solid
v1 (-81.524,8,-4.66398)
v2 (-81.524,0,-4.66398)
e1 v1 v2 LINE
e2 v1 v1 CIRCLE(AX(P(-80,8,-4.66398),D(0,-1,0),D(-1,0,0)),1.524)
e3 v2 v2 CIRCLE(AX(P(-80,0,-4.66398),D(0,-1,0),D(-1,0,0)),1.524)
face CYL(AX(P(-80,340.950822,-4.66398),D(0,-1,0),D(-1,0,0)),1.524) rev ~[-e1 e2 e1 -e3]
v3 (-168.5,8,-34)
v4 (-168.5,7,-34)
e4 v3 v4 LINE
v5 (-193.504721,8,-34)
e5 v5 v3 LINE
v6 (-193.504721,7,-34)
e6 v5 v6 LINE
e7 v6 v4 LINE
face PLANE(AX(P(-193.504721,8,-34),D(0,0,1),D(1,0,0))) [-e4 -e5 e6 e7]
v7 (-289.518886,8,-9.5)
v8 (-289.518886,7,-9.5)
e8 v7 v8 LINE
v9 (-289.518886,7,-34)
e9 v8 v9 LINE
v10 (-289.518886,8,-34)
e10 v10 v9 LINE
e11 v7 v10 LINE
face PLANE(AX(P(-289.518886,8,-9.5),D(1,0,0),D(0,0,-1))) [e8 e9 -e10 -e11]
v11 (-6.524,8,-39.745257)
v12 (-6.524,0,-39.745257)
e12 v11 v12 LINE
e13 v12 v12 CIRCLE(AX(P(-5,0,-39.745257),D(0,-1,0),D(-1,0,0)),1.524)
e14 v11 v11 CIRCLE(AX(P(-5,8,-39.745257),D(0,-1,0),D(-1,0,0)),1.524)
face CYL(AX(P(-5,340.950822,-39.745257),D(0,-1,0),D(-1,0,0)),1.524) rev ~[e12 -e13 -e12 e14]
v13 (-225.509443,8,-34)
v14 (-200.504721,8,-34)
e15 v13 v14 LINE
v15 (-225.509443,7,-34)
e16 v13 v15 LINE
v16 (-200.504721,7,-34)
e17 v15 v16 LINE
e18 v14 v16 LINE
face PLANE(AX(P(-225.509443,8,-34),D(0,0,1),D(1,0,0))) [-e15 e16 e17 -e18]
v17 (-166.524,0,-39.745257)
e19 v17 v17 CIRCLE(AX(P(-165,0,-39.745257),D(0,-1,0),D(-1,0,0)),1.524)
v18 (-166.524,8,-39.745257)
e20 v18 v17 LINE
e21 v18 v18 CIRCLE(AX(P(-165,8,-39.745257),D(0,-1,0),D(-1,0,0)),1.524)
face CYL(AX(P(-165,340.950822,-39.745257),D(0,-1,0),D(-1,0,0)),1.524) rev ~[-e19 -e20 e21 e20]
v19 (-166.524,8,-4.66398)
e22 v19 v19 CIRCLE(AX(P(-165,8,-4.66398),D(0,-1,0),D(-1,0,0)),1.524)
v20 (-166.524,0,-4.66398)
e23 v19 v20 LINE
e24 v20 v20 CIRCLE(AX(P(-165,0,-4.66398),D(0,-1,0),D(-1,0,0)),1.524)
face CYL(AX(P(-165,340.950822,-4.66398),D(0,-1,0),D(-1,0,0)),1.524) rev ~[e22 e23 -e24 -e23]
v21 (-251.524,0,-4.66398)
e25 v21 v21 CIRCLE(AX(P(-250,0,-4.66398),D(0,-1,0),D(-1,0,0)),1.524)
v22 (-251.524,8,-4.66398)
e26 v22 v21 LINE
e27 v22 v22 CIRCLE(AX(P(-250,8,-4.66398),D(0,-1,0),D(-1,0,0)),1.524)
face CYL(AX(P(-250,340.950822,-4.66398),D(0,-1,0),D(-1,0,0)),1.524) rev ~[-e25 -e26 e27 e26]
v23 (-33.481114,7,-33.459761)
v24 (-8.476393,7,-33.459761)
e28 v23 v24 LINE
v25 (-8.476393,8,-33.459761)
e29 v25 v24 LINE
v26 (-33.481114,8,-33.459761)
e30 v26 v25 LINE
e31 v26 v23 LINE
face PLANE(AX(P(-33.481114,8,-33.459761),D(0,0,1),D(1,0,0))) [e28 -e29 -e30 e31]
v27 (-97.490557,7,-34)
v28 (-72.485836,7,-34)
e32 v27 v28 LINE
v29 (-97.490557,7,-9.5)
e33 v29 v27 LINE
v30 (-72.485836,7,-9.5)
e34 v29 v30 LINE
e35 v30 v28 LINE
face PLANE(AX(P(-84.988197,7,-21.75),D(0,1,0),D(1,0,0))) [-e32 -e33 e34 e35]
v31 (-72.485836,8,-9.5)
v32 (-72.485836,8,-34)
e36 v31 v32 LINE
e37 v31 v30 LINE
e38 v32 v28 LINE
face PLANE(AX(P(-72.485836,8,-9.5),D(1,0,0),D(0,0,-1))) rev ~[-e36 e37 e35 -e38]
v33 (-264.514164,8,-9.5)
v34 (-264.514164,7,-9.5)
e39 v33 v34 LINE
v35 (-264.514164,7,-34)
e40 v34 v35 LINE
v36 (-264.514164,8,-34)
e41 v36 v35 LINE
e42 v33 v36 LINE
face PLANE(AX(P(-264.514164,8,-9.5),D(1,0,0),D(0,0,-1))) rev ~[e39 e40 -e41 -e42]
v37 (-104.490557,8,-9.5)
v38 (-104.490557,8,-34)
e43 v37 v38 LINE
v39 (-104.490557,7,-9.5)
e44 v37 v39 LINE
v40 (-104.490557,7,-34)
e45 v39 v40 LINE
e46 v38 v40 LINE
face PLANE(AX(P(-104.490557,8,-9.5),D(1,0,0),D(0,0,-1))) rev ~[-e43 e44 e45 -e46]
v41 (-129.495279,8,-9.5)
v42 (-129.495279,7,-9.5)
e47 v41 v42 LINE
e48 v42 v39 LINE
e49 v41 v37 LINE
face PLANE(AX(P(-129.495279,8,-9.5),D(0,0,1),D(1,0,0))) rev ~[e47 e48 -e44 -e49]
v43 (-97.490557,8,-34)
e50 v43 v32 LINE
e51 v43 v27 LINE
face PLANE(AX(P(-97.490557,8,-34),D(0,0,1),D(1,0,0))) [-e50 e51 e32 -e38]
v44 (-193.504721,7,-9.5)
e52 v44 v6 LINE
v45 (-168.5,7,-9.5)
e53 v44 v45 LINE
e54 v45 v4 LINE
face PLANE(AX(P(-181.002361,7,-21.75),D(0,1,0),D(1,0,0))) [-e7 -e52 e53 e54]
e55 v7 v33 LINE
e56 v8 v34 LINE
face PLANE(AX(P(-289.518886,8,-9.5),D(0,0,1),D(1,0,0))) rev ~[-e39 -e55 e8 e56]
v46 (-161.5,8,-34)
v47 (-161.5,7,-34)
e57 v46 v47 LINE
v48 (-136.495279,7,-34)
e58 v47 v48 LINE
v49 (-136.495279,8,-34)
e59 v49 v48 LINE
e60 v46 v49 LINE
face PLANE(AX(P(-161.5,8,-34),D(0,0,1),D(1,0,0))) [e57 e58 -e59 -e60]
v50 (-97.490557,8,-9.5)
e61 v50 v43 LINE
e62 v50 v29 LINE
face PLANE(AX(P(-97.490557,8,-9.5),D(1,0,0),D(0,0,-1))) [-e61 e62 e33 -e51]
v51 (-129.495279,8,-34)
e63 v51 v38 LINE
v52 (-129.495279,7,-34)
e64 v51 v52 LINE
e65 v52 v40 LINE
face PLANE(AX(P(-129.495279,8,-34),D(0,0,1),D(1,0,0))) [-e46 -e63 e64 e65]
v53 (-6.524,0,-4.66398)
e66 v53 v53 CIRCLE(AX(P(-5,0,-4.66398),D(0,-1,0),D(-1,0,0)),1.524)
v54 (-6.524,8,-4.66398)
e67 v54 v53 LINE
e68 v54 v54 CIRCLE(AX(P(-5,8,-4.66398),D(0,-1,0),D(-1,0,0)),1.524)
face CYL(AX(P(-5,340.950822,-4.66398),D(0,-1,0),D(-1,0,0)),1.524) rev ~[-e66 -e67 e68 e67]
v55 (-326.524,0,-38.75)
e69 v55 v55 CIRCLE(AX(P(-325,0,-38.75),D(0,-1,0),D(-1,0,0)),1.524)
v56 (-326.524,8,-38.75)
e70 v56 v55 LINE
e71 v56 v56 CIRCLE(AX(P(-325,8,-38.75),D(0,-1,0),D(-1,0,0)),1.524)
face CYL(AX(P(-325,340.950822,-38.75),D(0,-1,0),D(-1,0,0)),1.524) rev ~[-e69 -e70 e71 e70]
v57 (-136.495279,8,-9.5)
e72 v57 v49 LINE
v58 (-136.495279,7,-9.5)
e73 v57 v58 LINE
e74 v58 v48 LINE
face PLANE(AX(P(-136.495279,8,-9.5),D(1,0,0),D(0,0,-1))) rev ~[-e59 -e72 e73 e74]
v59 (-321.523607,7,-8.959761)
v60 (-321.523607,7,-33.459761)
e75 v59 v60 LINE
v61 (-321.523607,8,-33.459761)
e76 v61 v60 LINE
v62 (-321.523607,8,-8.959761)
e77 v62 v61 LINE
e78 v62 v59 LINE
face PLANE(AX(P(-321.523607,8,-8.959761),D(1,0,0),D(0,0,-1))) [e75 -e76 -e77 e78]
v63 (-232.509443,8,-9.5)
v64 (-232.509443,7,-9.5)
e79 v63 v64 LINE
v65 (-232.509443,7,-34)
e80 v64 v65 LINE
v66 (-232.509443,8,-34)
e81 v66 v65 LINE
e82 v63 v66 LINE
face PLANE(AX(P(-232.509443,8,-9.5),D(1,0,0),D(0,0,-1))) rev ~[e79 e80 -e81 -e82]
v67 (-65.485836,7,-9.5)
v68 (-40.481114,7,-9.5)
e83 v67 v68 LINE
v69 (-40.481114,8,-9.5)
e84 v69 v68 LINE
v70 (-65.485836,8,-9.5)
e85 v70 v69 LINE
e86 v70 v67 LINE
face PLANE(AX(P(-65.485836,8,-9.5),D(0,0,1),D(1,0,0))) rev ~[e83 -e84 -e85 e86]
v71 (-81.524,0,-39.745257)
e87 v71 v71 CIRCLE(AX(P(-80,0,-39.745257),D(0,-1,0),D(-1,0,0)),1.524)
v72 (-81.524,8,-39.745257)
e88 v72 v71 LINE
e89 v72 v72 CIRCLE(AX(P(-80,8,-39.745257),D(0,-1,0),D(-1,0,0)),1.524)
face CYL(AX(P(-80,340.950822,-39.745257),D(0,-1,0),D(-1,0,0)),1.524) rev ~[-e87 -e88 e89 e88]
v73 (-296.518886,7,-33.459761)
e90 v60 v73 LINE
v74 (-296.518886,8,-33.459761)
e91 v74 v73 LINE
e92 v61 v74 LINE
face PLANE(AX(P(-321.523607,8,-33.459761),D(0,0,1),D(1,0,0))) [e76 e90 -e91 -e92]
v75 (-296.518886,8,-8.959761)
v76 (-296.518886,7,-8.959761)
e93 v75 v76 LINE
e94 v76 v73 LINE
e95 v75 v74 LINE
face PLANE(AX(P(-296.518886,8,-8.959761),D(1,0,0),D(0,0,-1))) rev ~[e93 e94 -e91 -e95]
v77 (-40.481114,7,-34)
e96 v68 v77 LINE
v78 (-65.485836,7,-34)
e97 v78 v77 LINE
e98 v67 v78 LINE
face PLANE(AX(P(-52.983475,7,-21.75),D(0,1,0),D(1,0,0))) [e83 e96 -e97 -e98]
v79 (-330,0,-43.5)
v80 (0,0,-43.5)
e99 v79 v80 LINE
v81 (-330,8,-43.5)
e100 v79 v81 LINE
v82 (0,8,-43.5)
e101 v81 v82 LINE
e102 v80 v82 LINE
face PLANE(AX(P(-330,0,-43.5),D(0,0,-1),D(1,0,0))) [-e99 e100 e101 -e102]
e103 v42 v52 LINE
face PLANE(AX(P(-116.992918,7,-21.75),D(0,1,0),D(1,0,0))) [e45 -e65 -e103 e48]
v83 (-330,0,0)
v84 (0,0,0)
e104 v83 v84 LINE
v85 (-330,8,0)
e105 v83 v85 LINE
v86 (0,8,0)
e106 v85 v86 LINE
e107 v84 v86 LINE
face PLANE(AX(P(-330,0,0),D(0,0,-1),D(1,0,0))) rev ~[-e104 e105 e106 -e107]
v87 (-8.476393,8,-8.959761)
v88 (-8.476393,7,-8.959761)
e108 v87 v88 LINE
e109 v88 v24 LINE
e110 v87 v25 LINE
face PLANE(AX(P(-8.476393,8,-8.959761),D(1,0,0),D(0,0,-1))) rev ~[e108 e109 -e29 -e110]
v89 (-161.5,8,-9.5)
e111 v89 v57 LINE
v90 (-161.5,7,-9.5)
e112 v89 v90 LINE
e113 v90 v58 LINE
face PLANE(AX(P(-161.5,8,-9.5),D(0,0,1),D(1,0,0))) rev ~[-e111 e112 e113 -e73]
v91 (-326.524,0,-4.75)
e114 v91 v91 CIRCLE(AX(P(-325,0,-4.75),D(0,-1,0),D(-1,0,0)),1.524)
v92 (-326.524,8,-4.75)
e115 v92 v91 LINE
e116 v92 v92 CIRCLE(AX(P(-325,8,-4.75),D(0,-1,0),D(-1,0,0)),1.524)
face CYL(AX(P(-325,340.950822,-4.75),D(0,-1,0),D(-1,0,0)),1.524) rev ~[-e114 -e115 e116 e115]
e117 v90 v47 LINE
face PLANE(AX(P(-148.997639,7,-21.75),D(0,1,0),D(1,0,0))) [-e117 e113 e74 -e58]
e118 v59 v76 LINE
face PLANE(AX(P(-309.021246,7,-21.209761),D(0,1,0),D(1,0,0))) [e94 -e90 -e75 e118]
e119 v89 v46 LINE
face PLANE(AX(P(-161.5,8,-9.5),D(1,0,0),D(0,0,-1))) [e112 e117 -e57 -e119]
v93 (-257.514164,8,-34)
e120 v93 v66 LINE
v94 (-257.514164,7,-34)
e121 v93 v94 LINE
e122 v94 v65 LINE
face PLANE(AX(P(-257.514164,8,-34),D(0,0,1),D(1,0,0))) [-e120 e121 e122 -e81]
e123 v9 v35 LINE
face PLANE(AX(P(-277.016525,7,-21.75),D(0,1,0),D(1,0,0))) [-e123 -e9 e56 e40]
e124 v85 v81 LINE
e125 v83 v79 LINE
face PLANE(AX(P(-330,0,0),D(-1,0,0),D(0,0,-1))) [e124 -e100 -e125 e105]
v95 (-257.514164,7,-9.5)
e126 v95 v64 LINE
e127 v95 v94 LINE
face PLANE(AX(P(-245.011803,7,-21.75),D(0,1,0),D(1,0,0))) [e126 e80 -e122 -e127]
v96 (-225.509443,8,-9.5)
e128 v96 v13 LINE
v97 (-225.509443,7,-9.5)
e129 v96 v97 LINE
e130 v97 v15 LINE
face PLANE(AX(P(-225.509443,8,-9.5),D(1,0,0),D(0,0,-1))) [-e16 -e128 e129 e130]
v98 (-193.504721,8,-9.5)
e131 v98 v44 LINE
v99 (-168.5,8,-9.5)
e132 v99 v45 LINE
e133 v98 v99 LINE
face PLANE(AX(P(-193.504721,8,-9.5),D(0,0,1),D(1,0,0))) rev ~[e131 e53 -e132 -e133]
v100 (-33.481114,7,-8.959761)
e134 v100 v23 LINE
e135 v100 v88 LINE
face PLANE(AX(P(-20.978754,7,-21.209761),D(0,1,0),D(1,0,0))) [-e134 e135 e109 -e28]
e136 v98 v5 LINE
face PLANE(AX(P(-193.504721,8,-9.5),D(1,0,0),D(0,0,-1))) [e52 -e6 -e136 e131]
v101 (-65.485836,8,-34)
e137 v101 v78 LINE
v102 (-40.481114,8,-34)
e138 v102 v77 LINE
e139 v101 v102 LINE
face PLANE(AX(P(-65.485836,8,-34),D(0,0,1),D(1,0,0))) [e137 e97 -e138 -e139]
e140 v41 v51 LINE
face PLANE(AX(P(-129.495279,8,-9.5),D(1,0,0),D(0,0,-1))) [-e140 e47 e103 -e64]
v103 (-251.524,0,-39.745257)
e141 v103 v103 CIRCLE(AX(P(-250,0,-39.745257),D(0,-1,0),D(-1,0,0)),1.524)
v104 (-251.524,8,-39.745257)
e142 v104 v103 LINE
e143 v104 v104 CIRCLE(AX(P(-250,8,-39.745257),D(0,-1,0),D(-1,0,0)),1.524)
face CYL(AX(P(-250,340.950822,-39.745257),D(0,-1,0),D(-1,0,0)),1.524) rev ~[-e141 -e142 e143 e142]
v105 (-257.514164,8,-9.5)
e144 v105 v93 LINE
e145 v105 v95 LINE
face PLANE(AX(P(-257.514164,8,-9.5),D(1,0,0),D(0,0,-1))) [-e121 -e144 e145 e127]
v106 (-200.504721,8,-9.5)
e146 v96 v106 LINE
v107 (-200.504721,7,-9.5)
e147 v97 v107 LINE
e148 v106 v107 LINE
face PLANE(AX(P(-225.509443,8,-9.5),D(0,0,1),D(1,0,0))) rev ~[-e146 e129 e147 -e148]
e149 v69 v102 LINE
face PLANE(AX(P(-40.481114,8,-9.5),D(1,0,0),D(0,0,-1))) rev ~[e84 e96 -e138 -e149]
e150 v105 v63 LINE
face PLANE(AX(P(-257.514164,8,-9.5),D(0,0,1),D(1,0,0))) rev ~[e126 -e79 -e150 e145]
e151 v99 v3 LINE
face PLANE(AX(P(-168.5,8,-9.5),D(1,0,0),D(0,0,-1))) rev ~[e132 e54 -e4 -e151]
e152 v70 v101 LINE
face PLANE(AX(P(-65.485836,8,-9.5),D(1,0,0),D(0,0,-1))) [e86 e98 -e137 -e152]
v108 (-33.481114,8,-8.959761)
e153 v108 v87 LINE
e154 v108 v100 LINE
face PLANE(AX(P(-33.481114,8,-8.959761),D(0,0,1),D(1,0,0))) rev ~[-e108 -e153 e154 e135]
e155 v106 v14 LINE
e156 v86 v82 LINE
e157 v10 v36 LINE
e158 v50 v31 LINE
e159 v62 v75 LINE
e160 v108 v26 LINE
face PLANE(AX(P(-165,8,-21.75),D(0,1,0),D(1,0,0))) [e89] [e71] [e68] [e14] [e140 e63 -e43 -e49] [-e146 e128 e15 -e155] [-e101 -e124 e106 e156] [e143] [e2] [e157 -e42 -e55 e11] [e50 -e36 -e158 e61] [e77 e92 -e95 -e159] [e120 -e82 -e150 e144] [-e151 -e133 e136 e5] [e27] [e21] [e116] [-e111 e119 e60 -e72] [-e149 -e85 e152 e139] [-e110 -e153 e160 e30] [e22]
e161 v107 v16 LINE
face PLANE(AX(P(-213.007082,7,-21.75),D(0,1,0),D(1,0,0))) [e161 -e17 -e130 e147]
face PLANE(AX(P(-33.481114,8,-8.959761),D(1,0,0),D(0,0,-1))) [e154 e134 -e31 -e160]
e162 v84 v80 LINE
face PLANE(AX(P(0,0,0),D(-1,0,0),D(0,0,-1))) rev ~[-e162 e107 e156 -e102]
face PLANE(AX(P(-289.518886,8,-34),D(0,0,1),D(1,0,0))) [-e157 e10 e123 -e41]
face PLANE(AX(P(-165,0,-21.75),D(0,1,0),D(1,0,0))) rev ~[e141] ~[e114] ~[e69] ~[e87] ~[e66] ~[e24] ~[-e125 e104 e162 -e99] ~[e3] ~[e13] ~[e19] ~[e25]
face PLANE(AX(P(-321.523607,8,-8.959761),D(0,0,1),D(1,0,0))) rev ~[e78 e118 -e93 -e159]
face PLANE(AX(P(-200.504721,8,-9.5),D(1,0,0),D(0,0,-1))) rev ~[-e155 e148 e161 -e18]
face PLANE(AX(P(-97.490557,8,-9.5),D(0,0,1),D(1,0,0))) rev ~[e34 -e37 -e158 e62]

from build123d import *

# Parameters (mm, degrees)
SKETCH1_W                        = 330
SKETCH1_H                        = 43.5
BOSS_EXTRUDE1_DEPTH              = 8
SKETCH6_W                        = 25.004721381
SKETCH6_H                        = 24.5
SKETCH6_W_2                      = 25.004721382
CUT_EXTRUDE1_DEPTH               = 1
TAPPED_HOLE_FOR_4_40_HELICOIL2_D = 3.048


with BuildPart() as part:
    # Sketch1 → Boss-Extrude1 (new body)
    with BuildSketch(Plane(origin=(0, 0, 0), x_dir=(1, 0, 0), z_dir=(0, 1, 0))):
        with Locations((-165, 21.75)):
            Rectangle(SKETCH1_W, SKETCH1_H)
    extrude(amount=BOSS_EXTRUDE1_DEPTH)

    # Sketch6 → Cut-Extrude1 (cut)
    with BuildSketch(Plane(origin=(0, 8, 0), x_dir=(1, 0, 0), z_dir=(0, 1, 0))):
        with Locations((-213.007082072, 21.75)):
            Rectangle(SKETCH6_W, SKETCH6_H)
        with Locations((-181.002360691, 21.75)):
            Rectangle(SKETCH6_W_2, SKETCH6_H)
        with Locations((-245.011803454, 21.75)):
            Rectangle(SKETCH6_W_2, SKETCH6_H)
        with Locations((-277.016524836, 21.75)):
            Rectangle(SKETCH6_W_2, SKETCH6_H)
        with Locations((-309.021246217, 21.209761144)):
            Rectangle(SKETCH6_W, SKETCH6_H)
        with Locations((-148.997639309, 21.75)):
            Rectangle(SKETCH6_W_2, SKETCH6_H)
        with Locations((-116.992917928, 21.75)):
            Rectangle(SKETCH6_W, SKETCH6_H)
        with Locations((-84.988196546, 21.75)):
            Rectangle(SKETCH6_W_2, SKETCH6_H)
        with Locations((-52.983475164, 21.75)):
            Rectangle(SKETCH6_W_2, SKETCH6_H)
        with Locations((-20.978753783, 21.209761144)):
            Rectangle(SKETCH6_W, SKETCH6_H)
    extrude(amount=-CUT_EXTRUDE1_DEPTH, mode=Mode.SUBTRACT)

    # Tapped Hole for #4-40 Helicoil2 (through all)
    with Locations(Plane(origin=(0, 8, 0), x_dir=(1, 0, 0), z_dir=(0, 1, 0))):
        with Locations((-165, 39.745256998), (-165, 4.663980245), (-250, 4.663980245), (-325, 4.75), (-325, 38.75), (-250, 39.745256998), (-80, 39.745256998), (-80, 4.663980245), (-5, 4.663980245), (-5, 39.745256998)):
            Hole(TAPPED_HOLE_FOR_4_40_HELICOIL2_D / 2)


solid = part.part
